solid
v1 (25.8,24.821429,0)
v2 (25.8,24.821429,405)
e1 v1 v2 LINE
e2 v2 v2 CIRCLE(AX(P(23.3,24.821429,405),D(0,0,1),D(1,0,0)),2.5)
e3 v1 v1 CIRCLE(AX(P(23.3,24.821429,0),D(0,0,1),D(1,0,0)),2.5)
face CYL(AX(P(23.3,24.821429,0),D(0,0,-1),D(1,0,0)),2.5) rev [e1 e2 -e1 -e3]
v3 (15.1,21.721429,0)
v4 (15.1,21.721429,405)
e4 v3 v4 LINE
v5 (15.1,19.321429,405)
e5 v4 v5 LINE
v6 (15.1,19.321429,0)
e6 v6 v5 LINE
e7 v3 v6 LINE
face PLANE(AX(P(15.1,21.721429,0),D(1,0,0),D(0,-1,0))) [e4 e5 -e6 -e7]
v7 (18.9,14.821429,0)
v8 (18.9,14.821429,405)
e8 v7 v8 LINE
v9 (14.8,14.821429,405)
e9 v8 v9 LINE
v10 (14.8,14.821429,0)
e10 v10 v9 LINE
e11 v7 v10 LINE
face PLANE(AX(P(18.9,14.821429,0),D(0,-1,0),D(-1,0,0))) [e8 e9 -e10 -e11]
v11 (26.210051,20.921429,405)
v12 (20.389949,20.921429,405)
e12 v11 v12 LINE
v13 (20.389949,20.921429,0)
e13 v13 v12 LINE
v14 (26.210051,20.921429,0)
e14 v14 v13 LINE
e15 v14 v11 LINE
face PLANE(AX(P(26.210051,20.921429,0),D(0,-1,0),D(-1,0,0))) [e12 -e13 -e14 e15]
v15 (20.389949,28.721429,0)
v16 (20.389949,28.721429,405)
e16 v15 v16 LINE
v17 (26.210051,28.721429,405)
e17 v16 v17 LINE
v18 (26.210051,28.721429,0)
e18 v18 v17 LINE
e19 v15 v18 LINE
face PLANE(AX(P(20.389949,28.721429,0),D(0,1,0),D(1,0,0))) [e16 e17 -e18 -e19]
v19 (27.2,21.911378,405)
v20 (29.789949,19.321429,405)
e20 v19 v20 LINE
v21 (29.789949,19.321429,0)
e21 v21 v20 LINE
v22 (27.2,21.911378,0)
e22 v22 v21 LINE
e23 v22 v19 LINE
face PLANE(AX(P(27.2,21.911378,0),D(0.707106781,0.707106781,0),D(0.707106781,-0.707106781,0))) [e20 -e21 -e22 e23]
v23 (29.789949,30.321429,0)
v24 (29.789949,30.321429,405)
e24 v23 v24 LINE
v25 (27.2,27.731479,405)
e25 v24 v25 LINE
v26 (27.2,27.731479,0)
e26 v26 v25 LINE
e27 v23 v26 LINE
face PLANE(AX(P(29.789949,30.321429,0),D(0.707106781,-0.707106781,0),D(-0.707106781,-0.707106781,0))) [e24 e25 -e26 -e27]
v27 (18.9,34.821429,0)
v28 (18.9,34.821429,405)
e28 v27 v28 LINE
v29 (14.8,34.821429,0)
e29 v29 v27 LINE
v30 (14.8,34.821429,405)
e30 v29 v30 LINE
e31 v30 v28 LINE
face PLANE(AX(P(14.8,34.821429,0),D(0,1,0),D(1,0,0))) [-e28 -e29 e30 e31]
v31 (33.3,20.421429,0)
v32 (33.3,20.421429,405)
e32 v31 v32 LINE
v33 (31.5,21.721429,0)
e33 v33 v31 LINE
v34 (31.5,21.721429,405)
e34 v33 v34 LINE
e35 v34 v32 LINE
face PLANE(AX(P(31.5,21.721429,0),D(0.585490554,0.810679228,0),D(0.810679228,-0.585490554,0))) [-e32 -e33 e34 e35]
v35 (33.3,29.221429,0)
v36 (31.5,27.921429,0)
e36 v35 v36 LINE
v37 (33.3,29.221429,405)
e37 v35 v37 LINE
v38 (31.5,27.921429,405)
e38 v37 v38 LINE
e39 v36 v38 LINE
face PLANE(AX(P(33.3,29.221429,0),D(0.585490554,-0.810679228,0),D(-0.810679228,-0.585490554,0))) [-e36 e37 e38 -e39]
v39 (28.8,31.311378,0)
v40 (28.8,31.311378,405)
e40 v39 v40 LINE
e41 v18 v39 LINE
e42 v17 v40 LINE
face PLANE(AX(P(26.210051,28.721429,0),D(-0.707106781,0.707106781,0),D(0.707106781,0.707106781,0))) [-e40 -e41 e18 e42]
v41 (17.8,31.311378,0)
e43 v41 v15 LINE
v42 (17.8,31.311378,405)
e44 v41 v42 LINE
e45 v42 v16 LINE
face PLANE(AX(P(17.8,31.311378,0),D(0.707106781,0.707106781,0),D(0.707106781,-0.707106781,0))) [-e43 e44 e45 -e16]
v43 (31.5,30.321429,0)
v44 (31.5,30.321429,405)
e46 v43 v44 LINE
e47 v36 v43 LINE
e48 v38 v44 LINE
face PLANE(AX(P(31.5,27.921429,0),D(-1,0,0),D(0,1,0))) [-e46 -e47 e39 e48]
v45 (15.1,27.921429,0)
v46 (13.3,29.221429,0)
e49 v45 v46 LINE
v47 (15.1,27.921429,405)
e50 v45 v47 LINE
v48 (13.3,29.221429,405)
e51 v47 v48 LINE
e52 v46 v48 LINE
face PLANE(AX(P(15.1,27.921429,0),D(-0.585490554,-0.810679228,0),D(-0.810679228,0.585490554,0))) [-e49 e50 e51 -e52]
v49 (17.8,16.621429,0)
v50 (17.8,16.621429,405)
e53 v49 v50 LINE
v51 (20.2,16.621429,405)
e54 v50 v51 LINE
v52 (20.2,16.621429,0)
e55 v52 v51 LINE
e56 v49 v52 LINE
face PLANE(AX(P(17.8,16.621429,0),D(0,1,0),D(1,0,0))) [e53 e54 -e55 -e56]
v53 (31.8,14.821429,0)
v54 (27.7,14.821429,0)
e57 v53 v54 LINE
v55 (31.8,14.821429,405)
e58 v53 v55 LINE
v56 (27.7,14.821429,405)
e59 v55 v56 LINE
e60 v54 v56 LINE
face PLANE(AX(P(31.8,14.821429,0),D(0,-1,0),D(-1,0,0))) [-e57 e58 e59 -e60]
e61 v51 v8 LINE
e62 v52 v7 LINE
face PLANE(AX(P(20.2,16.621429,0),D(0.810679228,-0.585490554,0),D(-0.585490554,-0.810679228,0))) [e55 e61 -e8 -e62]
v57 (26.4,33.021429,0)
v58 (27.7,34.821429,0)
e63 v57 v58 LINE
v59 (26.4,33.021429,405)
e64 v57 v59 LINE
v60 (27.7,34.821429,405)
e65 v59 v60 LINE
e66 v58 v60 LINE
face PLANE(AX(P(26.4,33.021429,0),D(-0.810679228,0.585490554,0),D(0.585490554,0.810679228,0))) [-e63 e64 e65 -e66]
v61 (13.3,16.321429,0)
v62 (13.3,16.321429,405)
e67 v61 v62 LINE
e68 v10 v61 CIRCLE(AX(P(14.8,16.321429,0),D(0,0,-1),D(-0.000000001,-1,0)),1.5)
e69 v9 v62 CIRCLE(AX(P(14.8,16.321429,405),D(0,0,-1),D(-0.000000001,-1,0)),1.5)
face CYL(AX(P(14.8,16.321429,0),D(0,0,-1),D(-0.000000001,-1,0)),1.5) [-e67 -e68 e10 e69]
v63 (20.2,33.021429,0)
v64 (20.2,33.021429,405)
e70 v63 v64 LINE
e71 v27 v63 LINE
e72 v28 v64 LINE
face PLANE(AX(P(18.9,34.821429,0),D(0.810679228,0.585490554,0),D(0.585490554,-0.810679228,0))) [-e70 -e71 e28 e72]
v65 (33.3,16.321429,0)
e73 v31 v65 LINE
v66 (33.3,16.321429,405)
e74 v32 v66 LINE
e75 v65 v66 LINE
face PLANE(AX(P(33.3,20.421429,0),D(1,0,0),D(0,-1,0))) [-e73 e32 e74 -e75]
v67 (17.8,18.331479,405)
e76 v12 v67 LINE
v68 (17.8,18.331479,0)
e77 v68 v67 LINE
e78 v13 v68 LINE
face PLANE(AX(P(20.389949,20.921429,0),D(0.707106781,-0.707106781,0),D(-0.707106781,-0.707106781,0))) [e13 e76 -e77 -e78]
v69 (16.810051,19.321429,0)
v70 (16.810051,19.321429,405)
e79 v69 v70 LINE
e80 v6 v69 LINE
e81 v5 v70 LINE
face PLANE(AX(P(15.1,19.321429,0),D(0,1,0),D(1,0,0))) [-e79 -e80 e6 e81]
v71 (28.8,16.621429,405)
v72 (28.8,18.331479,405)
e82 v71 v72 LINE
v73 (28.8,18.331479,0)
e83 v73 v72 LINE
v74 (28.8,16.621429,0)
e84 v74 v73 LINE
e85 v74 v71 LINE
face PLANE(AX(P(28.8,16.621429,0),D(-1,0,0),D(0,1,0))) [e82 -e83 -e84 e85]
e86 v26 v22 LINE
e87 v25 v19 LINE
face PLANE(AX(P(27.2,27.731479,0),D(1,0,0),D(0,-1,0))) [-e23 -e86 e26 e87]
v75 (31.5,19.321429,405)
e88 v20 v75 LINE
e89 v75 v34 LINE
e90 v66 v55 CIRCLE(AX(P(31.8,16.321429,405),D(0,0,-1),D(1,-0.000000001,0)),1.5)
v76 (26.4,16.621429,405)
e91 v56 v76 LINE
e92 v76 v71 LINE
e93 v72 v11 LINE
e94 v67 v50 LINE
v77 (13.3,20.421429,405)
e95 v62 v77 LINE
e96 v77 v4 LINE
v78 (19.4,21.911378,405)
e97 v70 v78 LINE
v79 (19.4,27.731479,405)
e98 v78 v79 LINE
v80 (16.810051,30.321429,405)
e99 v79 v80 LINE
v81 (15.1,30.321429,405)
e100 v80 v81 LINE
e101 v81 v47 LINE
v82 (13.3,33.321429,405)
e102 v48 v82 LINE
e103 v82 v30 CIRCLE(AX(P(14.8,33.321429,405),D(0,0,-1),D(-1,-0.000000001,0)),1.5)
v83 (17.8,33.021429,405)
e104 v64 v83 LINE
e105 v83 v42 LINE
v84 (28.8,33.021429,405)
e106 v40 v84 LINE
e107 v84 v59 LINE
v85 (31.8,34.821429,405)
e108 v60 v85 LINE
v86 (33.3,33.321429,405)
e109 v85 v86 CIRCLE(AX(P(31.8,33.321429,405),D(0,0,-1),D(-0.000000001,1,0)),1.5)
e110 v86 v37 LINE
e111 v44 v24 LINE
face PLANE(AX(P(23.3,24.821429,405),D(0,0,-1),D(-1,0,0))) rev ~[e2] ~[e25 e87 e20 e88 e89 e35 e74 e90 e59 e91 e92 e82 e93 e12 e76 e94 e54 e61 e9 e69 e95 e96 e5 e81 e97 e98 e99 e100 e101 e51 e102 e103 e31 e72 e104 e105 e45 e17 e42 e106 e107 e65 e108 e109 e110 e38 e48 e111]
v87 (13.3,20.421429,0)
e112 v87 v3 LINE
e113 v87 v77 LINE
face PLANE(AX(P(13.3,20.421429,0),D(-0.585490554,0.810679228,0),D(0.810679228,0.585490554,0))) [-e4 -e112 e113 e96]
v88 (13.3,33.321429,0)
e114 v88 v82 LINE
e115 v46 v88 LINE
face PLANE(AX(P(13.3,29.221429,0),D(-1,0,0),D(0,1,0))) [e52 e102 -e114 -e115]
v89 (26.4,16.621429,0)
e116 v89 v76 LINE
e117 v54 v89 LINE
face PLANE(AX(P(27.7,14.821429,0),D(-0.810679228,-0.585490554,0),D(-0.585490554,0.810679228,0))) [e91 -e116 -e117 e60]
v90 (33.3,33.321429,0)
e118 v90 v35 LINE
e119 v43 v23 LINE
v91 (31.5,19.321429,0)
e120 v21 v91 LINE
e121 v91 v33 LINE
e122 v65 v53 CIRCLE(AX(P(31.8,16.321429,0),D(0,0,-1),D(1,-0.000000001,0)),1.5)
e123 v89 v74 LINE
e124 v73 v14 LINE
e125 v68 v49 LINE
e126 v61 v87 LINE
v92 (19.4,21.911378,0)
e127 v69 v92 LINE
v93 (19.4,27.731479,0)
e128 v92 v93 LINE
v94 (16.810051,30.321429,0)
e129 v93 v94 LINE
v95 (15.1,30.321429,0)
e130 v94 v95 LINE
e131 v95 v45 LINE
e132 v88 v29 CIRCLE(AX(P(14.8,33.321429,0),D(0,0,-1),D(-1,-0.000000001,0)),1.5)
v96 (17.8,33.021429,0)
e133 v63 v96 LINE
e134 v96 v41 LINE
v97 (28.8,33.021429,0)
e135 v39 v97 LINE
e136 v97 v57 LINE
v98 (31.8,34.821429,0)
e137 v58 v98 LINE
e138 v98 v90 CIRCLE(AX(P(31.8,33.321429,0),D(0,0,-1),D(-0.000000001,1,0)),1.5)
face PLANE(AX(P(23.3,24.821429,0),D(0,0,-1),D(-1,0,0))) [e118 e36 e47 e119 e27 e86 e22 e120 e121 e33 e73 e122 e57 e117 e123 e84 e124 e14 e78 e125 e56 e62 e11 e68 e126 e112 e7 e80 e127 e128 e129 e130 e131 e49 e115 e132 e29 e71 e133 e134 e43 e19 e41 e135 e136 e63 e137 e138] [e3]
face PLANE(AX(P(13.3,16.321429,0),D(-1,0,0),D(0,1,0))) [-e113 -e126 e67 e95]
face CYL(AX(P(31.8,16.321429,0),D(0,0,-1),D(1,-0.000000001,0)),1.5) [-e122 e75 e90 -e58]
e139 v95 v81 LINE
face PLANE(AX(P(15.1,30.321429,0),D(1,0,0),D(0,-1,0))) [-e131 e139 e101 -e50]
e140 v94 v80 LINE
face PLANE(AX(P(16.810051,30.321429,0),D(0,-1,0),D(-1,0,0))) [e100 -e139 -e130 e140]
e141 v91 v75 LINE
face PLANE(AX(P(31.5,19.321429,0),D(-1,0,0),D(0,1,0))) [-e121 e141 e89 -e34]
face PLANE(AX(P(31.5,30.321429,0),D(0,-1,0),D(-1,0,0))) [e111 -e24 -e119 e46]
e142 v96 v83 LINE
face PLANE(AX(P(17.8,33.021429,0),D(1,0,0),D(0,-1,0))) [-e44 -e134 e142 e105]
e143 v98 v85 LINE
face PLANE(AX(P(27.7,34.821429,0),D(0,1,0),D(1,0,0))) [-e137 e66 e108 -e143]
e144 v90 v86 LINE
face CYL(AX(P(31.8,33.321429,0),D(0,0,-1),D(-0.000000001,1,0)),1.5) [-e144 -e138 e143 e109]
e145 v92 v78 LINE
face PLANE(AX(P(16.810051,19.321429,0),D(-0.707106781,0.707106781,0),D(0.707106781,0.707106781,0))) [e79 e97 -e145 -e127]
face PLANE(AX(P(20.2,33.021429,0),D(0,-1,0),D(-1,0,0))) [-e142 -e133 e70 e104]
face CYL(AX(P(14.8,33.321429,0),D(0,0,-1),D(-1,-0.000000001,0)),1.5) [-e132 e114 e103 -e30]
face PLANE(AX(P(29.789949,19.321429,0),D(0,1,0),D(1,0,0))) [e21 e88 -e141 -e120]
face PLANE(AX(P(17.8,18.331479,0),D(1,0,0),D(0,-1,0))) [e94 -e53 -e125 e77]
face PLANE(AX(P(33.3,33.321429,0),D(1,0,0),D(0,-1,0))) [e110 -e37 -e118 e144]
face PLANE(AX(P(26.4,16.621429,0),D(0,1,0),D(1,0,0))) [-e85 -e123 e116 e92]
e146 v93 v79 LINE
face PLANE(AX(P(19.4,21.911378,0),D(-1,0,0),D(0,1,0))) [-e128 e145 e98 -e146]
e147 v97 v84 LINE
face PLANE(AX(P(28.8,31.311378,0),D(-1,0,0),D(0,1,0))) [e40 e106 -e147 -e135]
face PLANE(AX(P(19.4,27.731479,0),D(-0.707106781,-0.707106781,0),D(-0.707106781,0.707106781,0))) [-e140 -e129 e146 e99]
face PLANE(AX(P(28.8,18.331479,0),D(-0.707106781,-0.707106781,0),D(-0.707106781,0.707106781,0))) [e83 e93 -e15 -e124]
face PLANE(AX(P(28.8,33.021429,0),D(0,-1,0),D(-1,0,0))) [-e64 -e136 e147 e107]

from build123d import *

# Parameters (mm, degrees)
SKETCH_1_R      = 2.5
EXTRUDE_1_DEPTH = 405


with BuildPart() as part:
    # 草图1 → 凸台-拉伸1 (new body)
    with BuildSketch(Plane.XY):
        with BuildLine():
            Line((14.8, 34.821428571), (18.9, 34.821428571))
            Line((18.9, 34.821428571), (20.2, 33.021428571))
            Line((20.2, 33.021428571), (17.8, 33.021428571))
            Line((17.8, 33.021428571), (17.8, 31.311378065))
            Line((17.8, 31.311378065), (20.389949494, 28.721428571))
            Line((20.389949494, 28.721428571), (26.210050506, 28.721428571))
            Line((26.210050506, 28.721428571), (28.8, 31.311378065))
            Line((28.8, 31.311378065), (28.8, 33.021428571))
            Line((28.8, 33.021428571), (26.4, 33.021428571))
            Line((26.4, 33.021428571), (27.7, 34.821428571))
            Line((27.7, 34.821428571), (31.8, 34.821428571))
            ThreePointArc((31.8, 34.821428571), (32.860660172, 34.382088743), (33.3, 33.321428571))
            Line((33.3, 33.321428571), (33.3, 29.221428571))
            Line((33.3, 29.221428571), (31.5, 27.921428571))
            Line((31.5, 27.921428571), (31.5, 30.321428571))
            Line((31.5, 30.321428571), (29.789949494, 30.321428571))
            Line((29.789949494, 30.321428571), (27.2, 27.731479078))
            Line((27.2, 27.731479078), (27.2, 21.911378065))
            Line((27.2, 21.911378065), (29.789949494, 19.321428571))
            Line((29.789949494, 19.321428571), (31.5, 19.321428571))
            Line((31.5, 19.321428571), (31.5, 21.721428571))
            Line((31.5, 21.721428571), (33.3, 20.421428571))
            Line((33.3, 20.421428571), (33.3, 16.321428571))
            ThreePointArc((33.3, 16.321428571), (32.860660172, 15.2607684), (31.8, 14.821428571))
            Line((31.8, 14.821428571), (27.7, 14.821428571))
            Line((27.7, 14.821428571), (26.4, 16.621428571))
            Line((26.4, 16.621428571), (28.8, 16.621428571))
            Line((28.8, 16.621428571), (28.8, 18.331479078))
            Line((28.8, 18.331479078), (26.210050506, 20.921428571))
            Line((26.210050506, 20.921428571), (20.389949494, 20.921428571))
            Line((20.389949494, 20.921428571), (17.8, 18.331479078))
            Line((17.8, 18.331479078), (17.8, 16.621428571))
            Line((17.8, 16.621428571), (20.2, 16.621428571))
            Line((20.2, 16.621428571), (18.9, 14.821428571))
            Line((18.9, 14.821428571), (14.8, 14.821428571))
            ThreePointArc((14.8, 14.821428571), (13.739339828, 15.2607684), (13.3, 16.321428571))
            Line((13.3, 16.321428571), (13.3, 20.421428571))
            Line((13.3, 20.421428571), (15.1, 21.721428571))
            Line((15.1, 21.721428571), (15.1, 19.321428571))
            Line((15.1, 19.321428571), (16.810050506, 19.321428571))
            Line((16.810050506, 19.321428571), (19.4, 21.911378065))
            Line((19.4, 21.911378065), (19.4, 27.731479078))
            Line((19.4, 27.731479078), (16.810050506, 30.321428571))
            Line((16.810050506, 30.321428571), (15.1, 30.321428571))
            Line((15.1, 30.321428571), (15.1, 27.921428571))
            Line((15.1, 27.921428571), (13.3, 29.221428571))
            Line((13.3, 29.221428571), (13.3, 33.321428571))
            ThreePointArc((13.3, 33.321428571), (13.739339828, 34.382088743), (14.8, 34.821428571))
        make_face()
        with Locations((23.3, 24.821428571)):
            Circle(SKETCH_1_R, mode=Mode.SUBTRACT)
    extrude(amount=EXTRUDE_1_DEPTH)


solid = part.part
